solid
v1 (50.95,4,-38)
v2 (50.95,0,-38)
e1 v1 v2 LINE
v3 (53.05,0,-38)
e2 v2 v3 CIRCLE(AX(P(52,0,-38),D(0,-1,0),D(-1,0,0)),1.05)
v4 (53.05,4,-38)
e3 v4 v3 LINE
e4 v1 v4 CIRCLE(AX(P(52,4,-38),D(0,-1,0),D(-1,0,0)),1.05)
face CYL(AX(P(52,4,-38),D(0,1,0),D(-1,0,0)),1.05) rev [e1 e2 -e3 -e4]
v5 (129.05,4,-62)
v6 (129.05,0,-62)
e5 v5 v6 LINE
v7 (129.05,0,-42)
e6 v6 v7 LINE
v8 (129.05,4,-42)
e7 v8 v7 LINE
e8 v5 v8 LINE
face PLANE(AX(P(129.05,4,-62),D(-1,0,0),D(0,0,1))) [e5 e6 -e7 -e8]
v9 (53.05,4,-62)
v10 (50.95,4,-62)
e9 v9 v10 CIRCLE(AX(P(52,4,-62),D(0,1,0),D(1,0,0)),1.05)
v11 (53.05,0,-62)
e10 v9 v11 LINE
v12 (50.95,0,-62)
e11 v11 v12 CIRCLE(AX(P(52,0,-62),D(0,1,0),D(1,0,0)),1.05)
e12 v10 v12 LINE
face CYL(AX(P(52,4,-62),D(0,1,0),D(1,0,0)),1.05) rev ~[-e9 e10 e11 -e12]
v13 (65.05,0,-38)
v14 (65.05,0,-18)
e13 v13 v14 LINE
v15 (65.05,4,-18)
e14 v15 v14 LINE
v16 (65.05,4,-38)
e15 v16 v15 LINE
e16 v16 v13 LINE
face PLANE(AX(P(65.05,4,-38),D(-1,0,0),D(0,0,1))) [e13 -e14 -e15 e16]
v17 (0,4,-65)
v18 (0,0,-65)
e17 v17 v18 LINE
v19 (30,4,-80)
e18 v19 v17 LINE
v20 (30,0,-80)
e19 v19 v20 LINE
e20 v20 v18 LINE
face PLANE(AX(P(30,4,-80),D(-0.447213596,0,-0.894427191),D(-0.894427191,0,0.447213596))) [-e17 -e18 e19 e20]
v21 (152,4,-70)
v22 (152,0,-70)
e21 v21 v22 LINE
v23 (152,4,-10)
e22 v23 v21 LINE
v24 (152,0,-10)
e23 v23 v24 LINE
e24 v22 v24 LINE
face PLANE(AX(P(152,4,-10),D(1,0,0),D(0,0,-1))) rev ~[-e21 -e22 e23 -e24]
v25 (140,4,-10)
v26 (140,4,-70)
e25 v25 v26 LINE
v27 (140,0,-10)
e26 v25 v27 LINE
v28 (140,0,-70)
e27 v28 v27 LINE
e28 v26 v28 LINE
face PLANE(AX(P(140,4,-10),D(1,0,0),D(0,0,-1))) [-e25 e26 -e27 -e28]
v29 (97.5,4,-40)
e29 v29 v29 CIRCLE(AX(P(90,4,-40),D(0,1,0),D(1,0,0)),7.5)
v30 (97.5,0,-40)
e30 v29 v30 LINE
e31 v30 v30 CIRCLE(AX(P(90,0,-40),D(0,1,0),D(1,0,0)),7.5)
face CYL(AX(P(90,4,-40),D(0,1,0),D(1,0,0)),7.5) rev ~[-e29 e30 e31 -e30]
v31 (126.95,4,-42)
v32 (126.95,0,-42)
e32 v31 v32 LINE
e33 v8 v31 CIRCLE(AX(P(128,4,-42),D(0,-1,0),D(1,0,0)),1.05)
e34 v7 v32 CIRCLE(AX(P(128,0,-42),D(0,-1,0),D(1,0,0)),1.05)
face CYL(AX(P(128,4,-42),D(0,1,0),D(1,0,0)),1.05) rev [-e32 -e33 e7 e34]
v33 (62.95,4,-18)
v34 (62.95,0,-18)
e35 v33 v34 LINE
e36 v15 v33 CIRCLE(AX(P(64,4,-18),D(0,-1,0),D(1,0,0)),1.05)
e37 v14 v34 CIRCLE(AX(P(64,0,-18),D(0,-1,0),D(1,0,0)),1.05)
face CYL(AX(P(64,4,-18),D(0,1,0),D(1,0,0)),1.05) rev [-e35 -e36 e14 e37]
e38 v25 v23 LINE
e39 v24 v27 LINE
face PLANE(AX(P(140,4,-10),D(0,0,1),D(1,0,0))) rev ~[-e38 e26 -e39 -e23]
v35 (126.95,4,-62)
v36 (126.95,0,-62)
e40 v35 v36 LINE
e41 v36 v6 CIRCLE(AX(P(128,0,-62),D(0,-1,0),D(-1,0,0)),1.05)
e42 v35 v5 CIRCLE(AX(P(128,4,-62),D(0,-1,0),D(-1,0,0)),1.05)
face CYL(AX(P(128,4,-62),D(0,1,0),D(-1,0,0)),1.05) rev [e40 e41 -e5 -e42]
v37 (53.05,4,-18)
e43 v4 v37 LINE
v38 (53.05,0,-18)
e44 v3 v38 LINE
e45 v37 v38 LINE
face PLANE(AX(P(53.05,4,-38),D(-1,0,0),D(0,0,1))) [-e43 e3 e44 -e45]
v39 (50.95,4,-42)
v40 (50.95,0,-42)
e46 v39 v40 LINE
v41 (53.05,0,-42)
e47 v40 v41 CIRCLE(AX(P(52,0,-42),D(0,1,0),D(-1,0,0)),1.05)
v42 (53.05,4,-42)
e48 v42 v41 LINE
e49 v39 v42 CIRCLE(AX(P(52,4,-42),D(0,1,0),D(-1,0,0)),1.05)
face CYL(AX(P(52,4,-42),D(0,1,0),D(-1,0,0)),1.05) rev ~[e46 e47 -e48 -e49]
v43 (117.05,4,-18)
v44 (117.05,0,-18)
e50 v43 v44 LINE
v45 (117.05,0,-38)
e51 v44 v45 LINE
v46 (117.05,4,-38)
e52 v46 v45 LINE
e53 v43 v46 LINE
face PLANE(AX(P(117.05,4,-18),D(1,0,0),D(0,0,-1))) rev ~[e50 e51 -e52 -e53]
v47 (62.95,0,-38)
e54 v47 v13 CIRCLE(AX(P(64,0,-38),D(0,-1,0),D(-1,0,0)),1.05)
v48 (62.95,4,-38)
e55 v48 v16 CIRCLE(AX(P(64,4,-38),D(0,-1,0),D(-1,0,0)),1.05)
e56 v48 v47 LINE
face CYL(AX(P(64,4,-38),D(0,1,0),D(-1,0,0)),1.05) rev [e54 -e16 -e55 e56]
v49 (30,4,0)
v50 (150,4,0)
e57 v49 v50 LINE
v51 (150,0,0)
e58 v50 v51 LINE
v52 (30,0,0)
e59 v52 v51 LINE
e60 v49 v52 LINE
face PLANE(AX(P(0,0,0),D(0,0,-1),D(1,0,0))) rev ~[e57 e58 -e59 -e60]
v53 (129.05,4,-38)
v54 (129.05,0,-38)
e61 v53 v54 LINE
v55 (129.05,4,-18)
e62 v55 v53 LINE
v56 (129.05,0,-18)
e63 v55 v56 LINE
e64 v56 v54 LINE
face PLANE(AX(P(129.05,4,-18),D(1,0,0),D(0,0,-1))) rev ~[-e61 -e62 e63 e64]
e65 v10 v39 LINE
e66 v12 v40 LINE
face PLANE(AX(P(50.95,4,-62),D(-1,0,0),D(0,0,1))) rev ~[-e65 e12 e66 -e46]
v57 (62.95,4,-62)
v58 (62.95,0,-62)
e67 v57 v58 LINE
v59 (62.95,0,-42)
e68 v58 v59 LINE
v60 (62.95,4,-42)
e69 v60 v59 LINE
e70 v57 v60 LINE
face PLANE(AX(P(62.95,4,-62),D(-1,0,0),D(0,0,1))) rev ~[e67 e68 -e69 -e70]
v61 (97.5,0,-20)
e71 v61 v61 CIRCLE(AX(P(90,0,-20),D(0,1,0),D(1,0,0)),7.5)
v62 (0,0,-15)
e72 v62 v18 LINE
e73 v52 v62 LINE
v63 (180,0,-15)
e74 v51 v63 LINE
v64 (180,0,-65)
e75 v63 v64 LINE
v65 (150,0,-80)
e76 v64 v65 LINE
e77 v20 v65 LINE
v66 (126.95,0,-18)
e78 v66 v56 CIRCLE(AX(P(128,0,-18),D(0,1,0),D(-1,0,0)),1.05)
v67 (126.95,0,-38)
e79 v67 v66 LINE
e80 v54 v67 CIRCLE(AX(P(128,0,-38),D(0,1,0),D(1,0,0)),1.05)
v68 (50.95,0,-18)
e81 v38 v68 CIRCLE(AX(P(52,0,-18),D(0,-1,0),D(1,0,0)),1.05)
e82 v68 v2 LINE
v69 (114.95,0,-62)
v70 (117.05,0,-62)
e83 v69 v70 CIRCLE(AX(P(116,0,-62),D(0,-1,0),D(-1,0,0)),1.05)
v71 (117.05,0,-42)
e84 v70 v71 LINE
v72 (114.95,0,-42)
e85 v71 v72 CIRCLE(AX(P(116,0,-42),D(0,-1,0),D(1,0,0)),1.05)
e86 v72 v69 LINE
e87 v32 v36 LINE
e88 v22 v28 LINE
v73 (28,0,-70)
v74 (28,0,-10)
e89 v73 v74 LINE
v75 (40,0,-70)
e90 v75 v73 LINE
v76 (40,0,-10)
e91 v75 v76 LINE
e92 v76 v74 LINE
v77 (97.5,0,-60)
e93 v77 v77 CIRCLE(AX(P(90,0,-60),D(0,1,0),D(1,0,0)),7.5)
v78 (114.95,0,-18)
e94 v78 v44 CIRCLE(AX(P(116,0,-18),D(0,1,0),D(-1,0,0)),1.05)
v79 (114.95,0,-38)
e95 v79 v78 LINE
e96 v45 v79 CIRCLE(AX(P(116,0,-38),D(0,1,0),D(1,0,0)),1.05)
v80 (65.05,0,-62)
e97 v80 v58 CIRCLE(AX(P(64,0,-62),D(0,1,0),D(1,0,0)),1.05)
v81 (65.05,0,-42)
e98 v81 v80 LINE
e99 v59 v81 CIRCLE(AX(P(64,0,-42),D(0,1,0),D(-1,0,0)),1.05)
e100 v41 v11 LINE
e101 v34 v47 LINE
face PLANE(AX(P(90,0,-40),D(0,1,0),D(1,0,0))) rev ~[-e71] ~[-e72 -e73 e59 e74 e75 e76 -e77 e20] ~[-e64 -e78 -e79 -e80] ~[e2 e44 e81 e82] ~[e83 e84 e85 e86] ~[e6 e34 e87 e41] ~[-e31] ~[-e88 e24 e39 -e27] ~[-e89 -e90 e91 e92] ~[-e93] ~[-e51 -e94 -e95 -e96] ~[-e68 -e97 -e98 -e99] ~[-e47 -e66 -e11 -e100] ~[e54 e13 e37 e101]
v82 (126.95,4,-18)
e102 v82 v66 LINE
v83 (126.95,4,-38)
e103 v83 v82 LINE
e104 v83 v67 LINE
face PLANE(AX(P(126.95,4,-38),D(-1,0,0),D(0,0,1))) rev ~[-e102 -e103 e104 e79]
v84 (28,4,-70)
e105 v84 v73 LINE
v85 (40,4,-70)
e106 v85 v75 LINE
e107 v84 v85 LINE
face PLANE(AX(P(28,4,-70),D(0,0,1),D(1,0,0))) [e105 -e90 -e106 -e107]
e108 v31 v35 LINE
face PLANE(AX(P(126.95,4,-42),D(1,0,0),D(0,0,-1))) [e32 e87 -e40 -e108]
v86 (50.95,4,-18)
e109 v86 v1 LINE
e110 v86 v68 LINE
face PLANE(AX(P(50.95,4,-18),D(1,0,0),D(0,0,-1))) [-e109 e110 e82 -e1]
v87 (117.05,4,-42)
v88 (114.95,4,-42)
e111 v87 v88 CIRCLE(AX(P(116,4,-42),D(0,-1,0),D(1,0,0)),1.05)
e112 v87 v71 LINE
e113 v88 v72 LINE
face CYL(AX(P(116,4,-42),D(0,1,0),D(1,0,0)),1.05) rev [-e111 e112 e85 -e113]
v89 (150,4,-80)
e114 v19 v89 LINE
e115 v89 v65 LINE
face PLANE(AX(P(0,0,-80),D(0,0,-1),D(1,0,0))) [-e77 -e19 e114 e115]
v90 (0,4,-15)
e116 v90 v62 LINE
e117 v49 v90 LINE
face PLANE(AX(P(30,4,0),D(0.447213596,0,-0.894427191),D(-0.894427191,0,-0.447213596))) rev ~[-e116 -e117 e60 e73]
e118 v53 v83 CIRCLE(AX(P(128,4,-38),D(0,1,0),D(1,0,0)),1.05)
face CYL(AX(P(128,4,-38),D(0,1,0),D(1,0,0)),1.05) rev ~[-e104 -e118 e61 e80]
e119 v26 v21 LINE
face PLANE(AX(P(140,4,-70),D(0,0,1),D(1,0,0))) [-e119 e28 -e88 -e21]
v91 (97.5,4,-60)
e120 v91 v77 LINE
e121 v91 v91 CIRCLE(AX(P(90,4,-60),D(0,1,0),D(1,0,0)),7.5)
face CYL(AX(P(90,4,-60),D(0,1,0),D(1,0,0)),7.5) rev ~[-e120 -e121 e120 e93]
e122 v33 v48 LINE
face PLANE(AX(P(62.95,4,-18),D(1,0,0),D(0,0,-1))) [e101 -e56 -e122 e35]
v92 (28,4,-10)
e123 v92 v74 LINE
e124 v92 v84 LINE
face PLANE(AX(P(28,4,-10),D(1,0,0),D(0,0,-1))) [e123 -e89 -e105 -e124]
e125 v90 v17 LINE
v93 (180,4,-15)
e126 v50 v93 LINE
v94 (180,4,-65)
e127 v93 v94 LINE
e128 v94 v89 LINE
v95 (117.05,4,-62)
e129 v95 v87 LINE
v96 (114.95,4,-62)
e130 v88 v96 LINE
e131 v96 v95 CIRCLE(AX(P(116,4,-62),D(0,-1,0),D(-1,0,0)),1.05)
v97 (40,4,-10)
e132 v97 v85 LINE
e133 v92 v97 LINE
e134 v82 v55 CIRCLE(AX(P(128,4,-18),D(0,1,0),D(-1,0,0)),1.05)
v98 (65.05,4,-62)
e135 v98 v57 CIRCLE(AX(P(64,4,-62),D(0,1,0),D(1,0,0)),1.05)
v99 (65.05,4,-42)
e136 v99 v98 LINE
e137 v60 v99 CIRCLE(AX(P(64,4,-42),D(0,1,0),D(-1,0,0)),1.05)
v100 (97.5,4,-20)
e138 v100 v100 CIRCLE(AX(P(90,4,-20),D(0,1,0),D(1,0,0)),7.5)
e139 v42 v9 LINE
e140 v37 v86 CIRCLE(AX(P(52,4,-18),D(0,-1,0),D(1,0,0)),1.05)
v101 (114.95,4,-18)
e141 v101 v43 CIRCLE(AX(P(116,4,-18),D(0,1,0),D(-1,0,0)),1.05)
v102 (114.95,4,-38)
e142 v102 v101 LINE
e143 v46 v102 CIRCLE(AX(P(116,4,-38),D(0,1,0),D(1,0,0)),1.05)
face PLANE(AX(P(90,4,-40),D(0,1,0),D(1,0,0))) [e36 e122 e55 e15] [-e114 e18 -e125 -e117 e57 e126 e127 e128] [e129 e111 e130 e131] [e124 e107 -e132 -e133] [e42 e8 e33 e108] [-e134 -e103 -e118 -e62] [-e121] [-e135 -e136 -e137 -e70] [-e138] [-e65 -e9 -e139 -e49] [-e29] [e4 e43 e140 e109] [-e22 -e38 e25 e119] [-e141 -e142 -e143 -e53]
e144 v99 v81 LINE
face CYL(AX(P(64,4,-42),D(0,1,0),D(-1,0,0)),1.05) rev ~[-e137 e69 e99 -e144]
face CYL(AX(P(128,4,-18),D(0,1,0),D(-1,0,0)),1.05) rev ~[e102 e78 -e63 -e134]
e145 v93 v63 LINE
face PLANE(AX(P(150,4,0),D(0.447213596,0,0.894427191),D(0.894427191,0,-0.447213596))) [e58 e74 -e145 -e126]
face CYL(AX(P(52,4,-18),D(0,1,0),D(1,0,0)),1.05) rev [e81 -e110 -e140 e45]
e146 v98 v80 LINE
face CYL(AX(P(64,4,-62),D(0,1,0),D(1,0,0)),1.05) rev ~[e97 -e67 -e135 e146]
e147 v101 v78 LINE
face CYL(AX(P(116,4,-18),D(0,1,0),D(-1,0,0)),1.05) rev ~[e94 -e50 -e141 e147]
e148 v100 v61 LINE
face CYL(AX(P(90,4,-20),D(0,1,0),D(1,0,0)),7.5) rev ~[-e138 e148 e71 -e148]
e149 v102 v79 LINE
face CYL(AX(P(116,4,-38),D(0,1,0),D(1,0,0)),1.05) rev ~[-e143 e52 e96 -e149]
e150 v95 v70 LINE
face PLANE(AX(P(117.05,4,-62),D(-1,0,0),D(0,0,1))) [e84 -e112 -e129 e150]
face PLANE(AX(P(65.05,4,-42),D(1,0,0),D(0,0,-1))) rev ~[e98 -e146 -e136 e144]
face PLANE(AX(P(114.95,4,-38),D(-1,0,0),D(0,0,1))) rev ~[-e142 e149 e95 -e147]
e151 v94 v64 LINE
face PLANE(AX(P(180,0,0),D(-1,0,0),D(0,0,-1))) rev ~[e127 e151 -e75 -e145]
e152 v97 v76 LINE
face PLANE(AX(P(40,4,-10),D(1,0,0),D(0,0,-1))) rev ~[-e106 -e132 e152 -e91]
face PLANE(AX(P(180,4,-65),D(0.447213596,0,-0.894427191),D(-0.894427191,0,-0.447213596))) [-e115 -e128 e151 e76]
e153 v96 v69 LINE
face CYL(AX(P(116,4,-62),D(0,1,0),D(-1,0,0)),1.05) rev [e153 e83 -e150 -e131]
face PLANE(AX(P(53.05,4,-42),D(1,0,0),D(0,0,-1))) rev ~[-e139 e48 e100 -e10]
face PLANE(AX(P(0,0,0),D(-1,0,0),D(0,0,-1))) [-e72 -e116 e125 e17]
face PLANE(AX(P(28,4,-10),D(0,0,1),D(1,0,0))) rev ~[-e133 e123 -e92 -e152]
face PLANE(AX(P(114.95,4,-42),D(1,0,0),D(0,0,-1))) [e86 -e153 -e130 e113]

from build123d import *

# Parameters (mm, degrees)
ESQUISSE1_W                         = 180
ESQUISSE1_H                         = 80
BOSS_EXTRU_1_DEPTH                  = 4
ENL_V_MAT_EXTRU_1_DEPTH             = 4
ENL_V_MAT_EXTRU_2_DEPTH             = 4
ENL_V_MAT_EXTRU_5_REACH             = 6
ESQUISSE11_W                        = 12
ESQUISSE11_H                        = 60
ENL_V_MAT_EXTRU_5_DIRECTION_2_DEPTH = 1
ENL_V_MAT_EXTRU_6_REACH             = 6
ESQUISSE14_R                        = 7.5


with BuildPart() as part:
    # Esquisse1 → Boss.-Extru.1 (new body)
    with BuildSketch(Plane(origin=(0, 0, 0), x_dir=(1, 0, 0), z_dir=(0, 1, 0))):
        with Locations((90, 40)):
            Rectangle(ESQUISSE1_W, ESQUISSE1_H)
    extrude(amount=BOSS_EXTRU_1_DEPTH)

    # Esquisse2 → Enlèv. mat.-Extru.1 (cut)
    with BuildSketch(Plane(origin=(0, 4, 0), x_dir=(1, 0, 0), z_dir=(0, 1, 0))):
        Polygon((30, 0), (0, 15), (0, 0), align=None)
        Polygon((30, 80), (0, 65), (0, 80), align=None)
        Polygon((150, 0), (180, 15), (180, 0), align=None)
        Polygon((150, 80), (180, 80), (180, 65), align=None)
    extrude(amount=-ENL_V_MAT_EXTRU_1_DEPTH, mode=Mode.SUBTRACT)

    # Esquisse3 → Enlèv. mat.-Extru.2 (cut)
    with BuildSketch(Plane(origin=(0, 4, 0), x_dir=(1, 0, 0), z_dir=(0, 1, 0))):
        with BuildLine():
            Line((65.05, 38), (65.05, 18))
            ThreePointArc((65.05, 18), (64, 16.95), (62.95, 18))
            Line((62.95, 18), (62.95, 38))
            ThreePointArc((62.95, 38), (64, 39.05), (65.05, 38))
        make_face()
        with BuildLine():
            Line((50.95, 18), (50.95, 38))
            ThreePointArc((50.95, 38), (52, 39.05), (53.05, 38))
            Line((53.05, 38), (53.05, 18))
            ThreePointArc((53.05, 18), (52, 16.95), (50.95, 18))
        make_face()
        with BuildLine():
            Line((129.05, 18), (129.05, 38))
            ThreePointArc((129.05, 38), (128, 39.05), (126.95, 38))
            Line((126.95, 38), (126.95, 18))
            ThreePointArc((126.95, 18), (128, 16.95), (129.05, 18))
        make_face()
        with BuildLine():
            Line((114.95, 38), (114.95, 18))
            ThreePointArc((114.95, 18), (116, 16.95), (117.05, 18))
            Line((117.05, 18), (117.05, 38))
            ThreePointArc((117.05, 38), (116, 39.05), (114.95, 38))
        make_face()
        with BuildLine():
            Line((50.95, 62), (50.95, 42))
            ThreePointArc((50.95, 42), (52, 40.95), (53.05, 42))
            Line((53.05, 42), (53.05, 62))
            ThreePointArc((53.05, 62), (52, 63.05), (50.95, 62))
        make_face()
        with BuildLine():
            Line((65.05, 42), (65.05, 62))
            ThreePointArc((65.05, 62), (64, 63.05), (62.95, 62))
            Line((62.95, 62), (62.95, 42))
            ThreePointArc((62.95, 42), (64, 40.95), (65.05, 42))
        make_face()
        with BuildLine():
            Line((114.95, 42), (114.95, 62))
            ThreePointArc((114.95, 62), (116, 63.05), (117.05, 62))
            Line((117.05, 62), (117.05, 42))
            ThreePointArc((117.05, 42), (116, 40.95), (114.95, 42))
        make_face()
        with BuildLine():
            Line((129.05, 62), (129.05, 42))
            ThreePointArc((129.05, 42), (128, 40.95), (126.95, 42))
            Line((126.95, 42), (126.95, 62))
            ThreePointArc((126.95, 62), (128, 63.05), (129.05, 62))
        make_face()
    extrude(amount=-ENL_V_MAT_EXTRU_2_DEPTH, mode=Mode.SUBTRACT)

    # Esquisse11 → Enlèv. mat.-Extru.5 (cut, up to next)
    with BuildSketch(Plane(origin=(0, 4, 0), x_dir=(1, 0, 0), z_dir=(0, 1, 0)), mode=Mode.PRIVATE) as enl_v_mat_extru_5_sk1:
        with Locations((34, 40)):
            Rectangle(ESQUISSE11_W, ESQUISSE11_H)
    enl_v_mat_extru_5_tool1 = extrude(enl_v_mat_extru_5_sk1.sketch, amount=-ENL_V_MAT_EXTRU_5_REACH, mode=Mode.PRIVATE) & part.part
    add(enl_v_mat_extru_5_tool1.solids().sort_by_distance((34, 4, -40))[0], mode=Mode.SUBTRACT)
    # Esquisse11 → Enlèv. mat.-Extru.5 (cut, up to next)
    with BuildSketch(Plane(origin=(0, 4, 0), x_dir=(1, 0, 0), z_dir=(0, 1, 0)), mode=Mode.PRIVATE) as enl_v_mat_extru_5_sk2:
        with Locations((146, 40)):
            Rectangle(ESQUISSE11_W, ESQUISSE11_H)
    enl_v_mat_extru_5_tool2 = extrude(enl_v_mat_extru_5_sk2.sketch, amount=-ENL_V_MAT_EXTRU_5_REACH, mode=Mode.PRIVATE) & part.part
    add(enl_v_mat_extru_5_tool2.solids().sort_by_distance((146, 4, -40))[0], mode=Mode.SUBTRACT)

    # Esquisse11 → Enlèv. mat.-Extru.5 direction 2 (cut)
    with BuildSketch(Plane(origin=(0, 4, 0), x_dir=(1, 0, 0), z_dir=(0, 1, 0))):
        with Locations((34, 40)):
            Rectangle(ESQUISSE11_W, ESQUISSE11_H)
        with Locations((146, 40)):
            Rectangle(ESQUISSE11_W, ESQUISSE11_H)
    extrude(amount=ENL_V_MAT_EXTRU_5_DIRECTION_2_DEPTH, mode=Mode.SUBTRACT)

    # Esquisse14 → Enlèv. mat.-Extru.6 (cut, up to next)
    with BuildSketch(Plane(origin=(0, 4, 0), x_dir=(1, 0, 0), z_dir=(0, 1, 0)), mode=Mode.PRIVATE) as enl_v_mat_extru_6_sk1:
        with Locations((90, 60)):
            Circle(ESQUISSE14_R)
    enl_v_mat_extru_6_tool1 = extrude(enl_v_mat_extru_6_sk1.sketch, amount=-ENL_V_MAT_EXTRU_6_REACH, mode=Mode.PRIVATE) & part.part
    add(enl_v_mat_extru_6_tool1.solids().sort_by_distance((90, 4, -60))[0], mode=Mode.SUBTRACT)
    # Esquisse14 → Enlèv. mat.-Extru.6 (cut, up to next)
    with BuildSketch(Plane(origin=(0, 4, 0), x_dir=(1, 0, 0), z_dir=(0, 1, 0)), mode=Mode.PRIVATE) as enl_v_mat_extru_6_sk2:
        with Locations((90, 40)):
            Circle(ESQUISSE14_R)
    enl_v_mat_extru_6_tool2 = extrude(enl_v_mat_extru_6_sk2.sketch, amount=-ENL_V_MAT_EXTRU_6_REACH, mode=Mode.PRIVATE) & part.part
    add(enl_v_mat_extru_6_tool2.solids().sort_by_distance((90, 4, -40))[0], mode=Mode.SUBTRACT)
    # Esquisse14 → Enlèv. mat.-Extru.6 (cut, up to next)
    with BuildSketch(Plane(origin=(0, 4, 0), x_dir=(1, 0, 0), z_dir=(0, 1, 0)), mode=Mode.PRIVATE) as enl_v_mat_extru_6_sk3:
        with Locations((90, 20)):
            Circle(ESQUISSE14_R)
    enl_v_mat_extru_6_tool3 = extrude(enl_v_mat_extru_6_sk3.sketch, amount=-ENL_V_MAT_EXTRU_6_REACH, mode=Mode.PRIVATE) & part.part
    add(enl_v_mat_extru_6_tool3.solids().sort_by_distance((90, 4, -20))[0], mode=Mode.SUBTRACT)


solid = part.part
